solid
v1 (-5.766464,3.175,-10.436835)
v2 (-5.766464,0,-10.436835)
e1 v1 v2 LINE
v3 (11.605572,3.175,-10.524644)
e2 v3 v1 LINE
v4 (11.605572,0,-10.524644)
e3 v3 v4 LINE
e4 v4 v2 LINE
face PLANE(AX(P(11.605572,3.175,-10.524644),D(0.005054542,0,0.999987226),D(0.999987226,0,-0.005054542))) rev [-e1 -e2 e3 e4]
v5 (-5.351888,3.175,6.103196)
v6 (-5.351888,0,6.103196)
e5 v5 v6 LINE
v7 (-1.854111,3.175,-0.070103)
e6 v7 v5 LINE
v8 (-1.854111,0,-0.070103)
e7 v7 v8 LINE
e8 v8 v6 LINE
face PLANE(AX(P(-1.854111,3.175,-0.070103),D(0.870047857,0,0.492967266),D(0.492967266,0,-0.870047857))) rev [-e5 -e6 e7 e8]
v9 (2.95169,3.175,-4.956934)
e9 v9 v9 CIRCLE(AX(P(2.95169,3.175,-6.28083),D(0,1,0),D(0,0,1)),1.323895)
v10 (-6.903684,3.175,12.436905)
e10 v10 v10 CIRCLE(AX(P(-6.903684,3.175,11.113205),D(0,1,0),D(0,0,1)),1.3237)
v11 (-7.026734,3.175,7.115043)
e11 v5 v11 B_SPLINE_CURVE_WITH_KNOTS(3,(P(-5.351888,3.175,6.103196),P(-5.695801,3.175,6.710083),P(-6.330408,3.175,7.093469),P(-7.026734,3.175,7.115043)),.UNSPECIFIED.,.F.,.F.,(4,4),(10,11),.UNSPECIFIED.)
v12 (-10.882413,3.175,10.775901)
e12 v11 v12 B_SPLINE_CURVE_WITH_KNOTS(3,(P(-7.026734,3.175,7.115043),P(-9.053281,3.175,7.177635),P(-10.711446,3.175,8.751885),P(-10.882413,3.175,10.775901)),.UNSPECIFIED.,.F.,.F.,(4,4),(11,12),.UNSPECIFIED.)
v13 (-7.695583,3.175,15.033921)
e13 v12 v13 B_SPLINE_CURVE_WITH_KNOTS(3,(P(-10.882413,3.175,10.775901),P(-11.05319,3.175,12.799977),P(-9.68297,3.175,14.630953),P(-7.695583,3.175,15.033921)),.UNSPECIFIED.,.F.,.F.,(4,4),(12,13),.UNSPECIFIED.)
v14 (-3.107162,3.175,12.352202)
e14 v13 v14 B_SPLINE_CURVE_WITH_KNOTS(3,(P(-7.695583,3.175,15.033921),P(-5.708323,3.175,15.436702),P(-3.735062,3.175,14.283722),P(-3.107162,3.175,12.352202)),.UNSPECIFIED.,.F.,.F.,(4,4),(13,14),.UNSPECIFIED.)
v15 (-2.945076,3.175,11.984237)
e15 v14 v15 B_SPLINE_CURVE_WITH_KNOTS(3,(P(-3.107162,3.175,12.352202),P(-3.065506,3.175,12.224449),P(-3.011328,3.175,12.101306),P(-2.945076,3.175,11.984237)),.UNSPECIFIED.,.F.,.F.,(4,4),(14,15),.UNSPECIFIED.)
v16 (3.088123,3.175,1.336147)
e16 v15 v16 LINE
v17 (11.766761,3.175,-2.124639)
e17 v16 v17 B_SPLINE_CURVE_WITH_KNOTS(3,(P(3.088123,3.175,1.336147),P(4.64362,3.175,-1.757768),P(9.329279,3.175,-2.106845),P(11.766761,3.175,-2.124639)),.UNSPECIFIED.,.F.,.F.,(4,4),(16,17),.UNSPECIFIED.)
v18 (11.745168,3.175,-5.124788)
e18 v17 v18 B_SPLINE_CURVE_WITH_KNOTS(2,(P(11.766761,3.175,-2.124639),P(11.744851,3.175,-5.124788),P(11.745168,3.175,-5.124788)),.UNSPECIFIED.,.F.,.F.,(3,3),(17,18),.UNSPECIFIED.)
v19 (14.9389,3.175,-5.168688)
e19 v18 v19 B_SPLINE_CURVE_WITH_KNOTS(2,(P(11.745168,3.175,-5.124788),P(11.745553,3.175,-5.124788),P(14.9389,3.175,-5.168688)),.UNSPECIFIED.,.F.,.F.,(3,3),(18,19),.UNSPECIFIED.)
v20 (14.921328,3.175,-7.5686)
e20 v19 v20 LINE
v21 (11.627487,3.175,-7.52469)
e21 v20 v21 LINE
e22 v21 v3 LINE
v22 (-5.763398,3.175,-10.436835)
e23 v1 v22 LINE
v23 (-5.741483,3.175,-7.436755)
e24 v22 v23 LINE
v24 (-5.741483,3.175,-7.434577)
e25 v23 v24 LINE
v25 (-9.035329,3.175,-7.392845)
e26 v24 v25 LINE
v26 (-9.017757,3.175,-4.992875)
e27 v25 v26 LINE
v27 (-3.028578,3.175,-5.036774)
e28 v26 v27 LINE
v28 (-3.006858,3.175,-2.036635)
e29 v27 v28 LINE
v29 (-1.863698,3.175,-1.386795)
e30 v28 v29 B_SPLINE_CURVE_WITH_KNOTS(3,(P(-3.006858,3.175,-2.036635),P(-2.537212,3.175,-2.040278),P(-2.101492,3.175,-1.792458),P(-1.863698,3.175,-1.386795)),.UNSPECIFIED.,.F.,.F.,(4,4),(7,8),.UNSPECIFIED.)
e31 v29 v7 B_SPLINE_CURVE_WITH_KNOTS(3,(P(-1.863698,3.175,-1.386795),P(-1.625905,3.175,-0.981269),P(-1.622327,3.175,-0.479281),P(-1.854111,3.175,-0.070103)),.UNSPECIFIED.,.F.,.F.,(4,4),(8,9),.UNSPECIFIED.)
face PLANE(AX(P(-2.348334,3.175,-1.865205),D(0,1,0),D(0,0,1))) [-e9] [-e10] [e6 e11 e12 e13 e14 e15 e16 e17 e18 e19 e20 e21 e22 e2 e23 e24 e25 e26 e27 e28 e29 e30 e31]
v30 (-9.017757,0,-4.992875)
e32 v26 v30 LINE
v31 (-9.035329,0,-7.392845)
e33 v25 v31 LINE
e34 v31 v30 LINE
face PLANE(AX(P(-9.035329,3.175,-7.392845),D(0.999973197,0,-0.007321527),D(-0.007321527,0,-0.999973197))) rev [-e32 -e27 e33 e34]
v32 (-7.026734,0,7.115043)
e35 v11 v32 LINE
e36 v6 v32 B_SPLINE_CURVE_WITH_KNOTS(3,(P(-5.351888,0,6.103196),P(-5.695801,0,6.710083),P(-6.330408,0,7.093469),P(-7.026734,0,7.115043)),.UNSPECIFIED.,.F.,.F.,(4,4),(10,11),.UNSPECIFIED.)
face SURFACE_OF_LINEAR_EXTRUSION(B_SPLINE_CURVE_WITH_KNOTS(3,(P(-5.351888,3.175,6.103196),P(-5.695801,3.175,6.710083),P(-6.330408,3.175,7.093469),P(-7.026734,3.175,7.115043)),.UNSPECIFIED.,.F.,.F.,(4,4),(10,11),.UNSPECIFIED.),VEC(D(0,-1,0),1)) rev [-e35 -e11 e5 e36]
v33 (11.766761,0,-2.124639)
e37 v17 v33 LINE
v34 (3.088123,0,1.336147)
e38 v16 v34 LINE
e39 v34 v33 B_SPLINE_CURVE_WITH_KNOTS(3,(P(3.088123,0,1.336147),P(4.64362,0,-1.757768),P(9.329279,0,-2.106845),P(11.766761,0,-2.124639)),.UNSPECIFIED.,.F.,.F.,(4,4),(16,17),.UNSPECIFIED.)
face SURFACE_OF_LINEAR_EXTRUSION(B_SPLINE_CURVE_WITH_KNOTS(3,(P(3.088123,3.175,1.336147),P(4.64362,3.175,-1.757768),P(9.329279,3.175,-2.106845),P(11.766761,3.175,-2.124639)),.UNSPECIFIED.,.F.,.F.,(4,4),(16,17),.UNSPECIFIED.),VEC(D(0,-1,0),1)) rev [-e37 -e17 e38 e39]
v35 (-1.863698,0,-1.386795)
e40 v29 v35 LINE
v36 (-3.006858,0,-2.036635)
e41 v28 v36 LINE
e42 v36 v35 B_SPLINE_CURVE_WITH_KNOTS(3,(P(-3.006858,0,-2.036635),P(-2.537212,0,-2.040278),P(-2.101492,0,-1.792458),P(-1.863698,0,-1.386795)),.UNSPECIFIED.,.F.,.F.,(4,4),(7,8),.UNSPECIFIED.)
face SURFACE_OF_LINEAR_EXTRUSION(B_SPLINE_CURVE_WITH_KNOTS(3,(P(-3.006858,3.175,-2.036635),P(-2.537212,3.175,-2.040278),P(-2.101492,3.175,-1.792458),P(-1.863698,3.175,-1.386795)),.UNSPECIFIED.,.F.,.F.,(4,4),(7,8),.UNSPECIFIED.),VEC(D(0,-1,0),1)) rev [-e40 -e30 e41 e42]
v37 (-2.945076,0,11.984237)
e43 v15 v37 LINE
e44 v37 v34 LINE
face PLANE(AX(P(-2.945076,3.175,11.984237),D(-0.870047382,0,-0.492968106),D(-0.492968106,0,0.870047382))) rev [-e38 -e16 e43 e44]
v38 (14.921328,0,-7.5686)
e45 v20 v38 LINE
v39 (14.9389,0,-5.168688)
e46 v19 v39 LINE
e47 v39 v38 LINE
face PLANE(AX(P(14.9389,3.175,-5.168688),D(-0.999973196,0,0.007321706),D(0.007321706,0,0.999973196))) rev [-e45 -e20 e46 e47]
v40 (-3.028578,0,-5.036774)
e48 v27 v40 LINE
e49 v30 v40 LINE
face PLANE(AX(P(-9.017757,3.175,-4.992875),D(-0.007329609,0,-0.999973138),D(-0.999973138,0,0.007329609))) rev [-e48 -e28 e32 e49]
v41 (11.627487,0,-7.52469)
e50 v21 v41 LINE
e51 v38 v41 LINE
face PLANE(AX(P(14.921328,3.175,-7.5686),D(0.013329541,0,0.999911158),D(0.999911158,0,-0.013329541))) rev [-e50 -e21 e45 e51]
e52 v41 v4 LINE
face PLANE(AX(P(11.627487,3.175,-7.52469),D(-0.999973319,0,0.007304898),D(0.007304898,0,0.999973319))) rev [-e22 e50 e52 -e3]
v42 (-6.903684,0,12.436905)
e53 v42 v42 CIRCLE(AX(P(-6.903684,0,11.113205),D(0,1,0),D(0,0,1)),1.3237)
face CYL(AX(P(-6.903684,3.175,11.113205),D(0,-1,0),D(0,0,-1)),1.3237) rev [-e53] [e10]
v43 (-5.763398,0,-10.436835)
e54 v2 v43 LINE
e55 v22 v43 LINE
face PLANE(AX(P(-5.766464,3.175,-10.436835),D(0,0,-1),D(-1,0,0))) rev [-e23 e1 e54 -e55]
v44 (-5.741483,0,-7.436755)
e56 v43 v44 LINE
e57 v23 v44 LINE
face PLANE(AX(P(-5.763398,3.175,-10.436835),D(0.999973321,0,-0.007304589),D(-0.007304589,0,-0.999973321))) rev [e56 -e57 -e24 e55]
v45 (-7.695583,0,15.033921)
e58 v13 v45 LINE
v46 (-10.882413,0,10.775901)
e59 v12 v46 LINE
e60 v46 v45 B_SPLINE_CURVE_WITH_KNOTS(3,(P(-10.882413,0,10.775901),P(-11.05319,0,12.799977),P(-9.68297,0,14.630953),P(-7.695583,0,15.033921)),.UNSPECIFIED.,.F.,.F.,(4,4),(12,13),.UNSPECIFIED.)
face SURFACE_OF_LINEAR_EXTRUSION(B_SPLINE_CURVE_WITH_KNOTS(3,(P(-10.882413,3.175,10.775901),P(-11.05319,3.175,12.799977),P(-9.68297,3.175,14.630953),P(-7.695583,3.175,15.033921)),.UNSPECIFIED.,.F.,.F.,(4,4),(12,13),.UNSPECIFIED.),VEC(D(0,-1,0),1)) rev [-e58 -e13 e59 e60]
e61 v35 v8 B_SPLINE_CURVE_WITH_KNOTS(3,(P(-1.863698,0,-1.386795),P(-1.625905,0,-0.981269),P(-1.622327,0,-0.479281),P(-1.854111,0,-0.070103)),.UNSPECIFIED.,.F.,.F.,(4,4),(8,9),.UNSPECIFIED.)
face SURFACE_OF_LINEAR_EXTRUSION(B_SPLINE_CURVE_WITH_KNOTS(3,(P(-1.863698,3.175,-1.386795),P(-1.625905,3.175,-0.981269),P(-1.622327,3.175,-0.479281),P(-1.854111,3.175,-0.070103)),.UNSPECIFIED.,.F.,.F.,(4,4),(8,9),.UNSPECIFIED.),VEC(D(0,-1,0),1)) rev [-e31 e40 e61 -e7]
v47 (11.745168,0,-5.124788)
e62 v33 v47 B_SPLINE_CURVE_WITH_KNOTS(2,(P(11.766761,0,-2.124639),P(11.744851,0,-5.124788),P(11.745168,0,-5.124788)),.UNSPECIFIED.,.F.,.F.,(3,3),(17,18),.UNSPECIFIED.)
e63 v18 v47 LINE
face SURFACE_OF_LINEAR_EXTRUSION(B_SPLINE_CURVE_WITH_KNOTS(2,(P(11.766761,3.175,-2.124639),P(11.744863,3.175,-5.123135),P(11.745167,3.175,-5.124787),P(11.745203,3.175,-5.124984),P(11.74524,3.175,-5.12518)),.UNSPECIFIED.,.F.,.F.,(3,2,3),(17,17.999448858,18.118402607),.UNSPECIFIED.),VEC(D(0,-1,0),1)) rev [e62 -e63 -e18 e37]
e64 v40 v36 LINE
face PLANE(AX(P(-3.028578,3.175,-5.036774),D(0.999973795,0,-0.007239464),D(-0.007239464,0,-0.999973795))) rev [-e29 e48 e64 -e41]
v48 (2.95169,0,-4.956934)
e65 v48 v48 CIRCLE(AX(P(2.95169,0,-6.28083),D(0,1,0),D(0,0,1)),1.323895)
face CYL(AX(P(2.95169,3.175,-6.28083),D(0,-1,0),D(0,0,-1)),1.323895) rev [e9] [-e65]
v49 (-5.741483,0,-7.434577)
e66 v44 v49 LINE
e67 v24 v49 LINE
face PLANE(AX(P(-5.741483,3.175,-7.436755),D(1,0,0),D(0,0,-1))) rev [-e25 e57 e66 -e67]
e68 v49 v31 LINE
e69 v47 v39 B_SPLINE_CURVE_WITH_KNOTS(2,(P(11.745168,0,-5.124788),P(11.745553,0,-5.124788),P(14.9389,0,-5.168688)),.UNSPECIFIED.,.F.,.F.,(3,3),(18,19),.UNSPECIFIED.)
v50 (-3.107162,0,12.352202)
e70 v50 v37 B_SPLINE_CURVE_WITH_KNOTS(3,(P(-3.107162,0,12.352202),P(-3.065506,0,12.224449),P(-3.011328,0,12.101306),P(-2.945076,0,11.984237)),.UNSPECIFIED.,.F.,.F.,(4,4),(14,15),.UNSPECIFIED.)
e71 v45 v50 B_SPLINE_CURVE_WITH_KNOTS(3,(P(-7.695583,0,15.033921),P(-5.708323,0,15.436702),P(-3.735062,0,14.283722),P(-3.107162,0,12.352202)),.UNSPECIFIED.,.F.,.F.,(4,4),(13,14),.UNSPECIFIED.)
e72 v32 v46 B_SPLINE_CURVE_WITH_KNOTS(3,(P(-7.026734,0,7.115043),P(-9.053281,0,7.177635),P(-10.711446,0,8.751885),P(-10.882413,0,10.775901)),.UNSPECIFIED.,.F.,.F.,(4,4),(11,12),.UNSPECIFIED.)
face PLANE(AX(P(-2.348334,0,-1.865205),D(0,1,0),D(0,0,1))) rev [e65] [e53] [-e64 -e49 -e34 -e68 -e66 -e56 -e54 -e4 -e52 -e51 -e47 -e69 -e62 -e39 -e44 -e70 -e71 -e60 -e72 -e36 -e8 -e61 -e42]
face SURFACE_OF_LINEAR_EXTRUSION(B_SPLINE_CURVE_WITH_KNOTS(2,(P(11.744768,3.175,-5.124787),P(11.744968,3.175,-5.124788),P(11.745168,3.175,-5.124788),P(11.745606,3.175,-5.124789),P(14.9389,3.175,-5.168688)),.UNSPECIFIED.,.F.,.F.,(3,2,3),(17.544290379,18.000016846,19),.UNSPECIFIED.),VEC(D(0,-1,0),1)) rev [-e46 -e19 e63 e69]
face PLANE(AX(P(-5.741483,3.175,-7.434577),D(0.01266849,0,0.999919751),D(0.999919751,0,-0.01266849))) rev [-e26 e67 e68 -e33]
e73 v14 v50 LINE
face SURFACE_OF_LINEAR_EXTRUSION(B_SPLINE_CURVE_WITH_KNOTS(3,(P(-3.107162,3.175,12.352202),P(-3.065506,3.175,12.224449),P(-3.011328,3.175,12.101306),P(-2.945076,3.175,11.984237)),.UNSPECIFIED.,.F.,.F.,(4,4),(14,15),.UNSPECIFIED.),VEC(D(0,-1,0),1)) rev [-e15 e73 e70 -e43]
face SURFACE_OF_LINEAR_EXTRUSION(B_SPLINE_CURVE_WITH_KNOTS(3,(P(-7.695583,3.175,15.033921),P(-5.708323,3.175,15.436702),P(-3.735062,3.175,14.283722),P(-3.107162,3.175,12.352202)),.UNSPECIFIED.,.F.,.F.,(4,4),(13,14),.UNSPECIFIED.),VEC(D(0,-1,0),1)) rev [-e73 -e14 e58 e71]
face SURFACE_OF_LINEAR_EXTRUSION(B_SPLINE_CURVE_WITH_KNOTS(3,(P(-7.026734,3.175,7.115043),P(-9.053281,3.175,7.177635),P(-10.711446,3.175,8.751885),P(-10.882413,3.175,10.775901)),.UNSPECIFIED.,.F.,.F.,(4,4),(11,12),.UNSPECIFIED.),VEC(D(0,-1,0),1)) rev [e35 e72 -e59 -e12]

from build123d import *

# Parameters (mm, degrees)
SKETCH1_R           = 1.32389541
SKETCH1_R_2         = 1.323699758
BOSS_EXTRUDE1_DEPTH = 3.175


with BuildPart() as part:
    # Sketch1 → Boss-Extrude1 (new body)
    with BuildSketch(Plane(origin=(0, 0, 0), x_dir=(1, 0, 0), z_dir=(0, 1, 0))):
        with BuildLine():
            Line((-5.766463736, 10.436835071), (-5.763397789, 10.436835071))
            Line((-5.763397789, 10.436835071), (-5.741482849, 7.436754545))
            Line((-5.741482849, 7.436754545), (-5.741482849, 7.43457666))
            Line((-5.741482849, 7.43457666), (-9.035328609, 7.392845258))
            Line((-9.035328609, 7.392845258), (-9.017756687, 4.992874594))
            Line((-9.017756687, 4.992874594), (-3.028577982, 5.036774114))
            Line((-3.028577982, 5.036774114), (-3.006858015, 2.03663499))
            add(Edge.make_bspline(
                [(-3.006858015, 2.03663499), (-2.537212459, 2.04027782), (-2.101492166, 1.792457947), (-1.86369849, 1.386795127)],
                knots=[7, 7, 7, 7, 8, 8, 8, 8], degree=3))
            add(Edge.make_bspline(
                [(-1.86369849, 1.386795127), (-1.625904815, 0.981269034), (-1.622327064, 0.479281193), (-1.854110704, 0.070102504)],
                knots=[8, 8, 8, 8, 9, 9, 9, 9], degree=3))
            Line((-1.854110704, 0.070102504), (-5.351888242, -6.103195522))
            add(Edge.make_bspline(
                [(-5.351888242, -6.103195522), (-5.695800728, -6.710083196), (-6.330407878, -7.093469085), (-7.026733662, -7.115042842)],
                knots=[10, 10, 10, 10, 11, 11, 11, 11], degree=3))
            add(Edge.make_bspline(
                [(-7.026733662, -7.115042842), (-9.053280728, -7.177635062), (-10.711446226, -8.751884558), (-10.882412982, -10.775901488)],
                knots=[11, 11, 11, 11, 12, 12, 12, 12], degree=3))
            add(Edge.make_bspline(
                [(-10.882412982, -10.775901488), (-11.053189639, -12.799977016), (-9.682969691, -14.630953252), (-7.695582907, -15.033920574)],
                knots=[12, 12, 12, 12, 13, 13, 13, 13], degree=3))
            add(Edge.make_bspline(
                [(-7.695582907, -15.033920574), (-5.708322855, -15.436702335), (-3.735061849, -14.283722207), (-3.107161762, -12.352201909)],
                knots=[13, 13, 13, 13, 14, 14, 14, 14], degree=3))
            add(Edge.make_bspline(
                [(-3.107161762, -12.352201909), (-3.065505827, -12.224448933), (-3.011327766, -12.101305651), (-2.945076016, -11.984237008)],
                knots=[14, 14, 14, 14, 15, 15, 15, 15], degree=3))
            Line((-2.945076016, -11.984237008), (3.088122669, -1.336147093))
            add(Edge.make_bspline(
                [(3.088122669, -1.336147093), (4.643620376, 1.757768048), (9.32927932, 2.106844923), (11.766760764, 2.124639123)],
                knots=[16, 16, 16, 16, 17, 17, 17, 17], degree=3))
            add(Edge.make_bspline(
                [(11.766760764, 2.124639123), (11.744850698, 5.124788013), (11.745167529, 5.124788013)],
                knots=[17, 17, 17, 18, 18, 18], degree=2))
            add(Edge.make_bspline(
                [(11.745167529, 5.124788013), (11.7455526, 5.124788013), (14.938899641, 5.168687533)],
                knots=[18, 18, 18, 19, 19, 19], degree=2))
            Line((14.938899641, 5.168687533), (14.92132772, 7.5685996))
            Line((14.92132772, 7.5685996), (11.627486834, 7.524690313))
            Line((11.627486834, 7.524690313), (11.605571894, 10.524643877))
            Line((11.605571894, 10.524643877), (-5.766463736, 10.436835071))
        make_face()
        with Locations(Location((2.951690467, 6.280829877, 0), (0, 0, 270))):
            Circle(SKETCH1_R, mode=Mode.SUBTRACT)
        with Locations(Location((-6.903683904, -11.113205089, 0), (0, 0, 270))):
            Circle(SKETCH1_R_2, mode=Mode.SUBTRACT)
    extrude(amount=BOSS_EXTRUDE1_DEPTH)


solid = part.part
